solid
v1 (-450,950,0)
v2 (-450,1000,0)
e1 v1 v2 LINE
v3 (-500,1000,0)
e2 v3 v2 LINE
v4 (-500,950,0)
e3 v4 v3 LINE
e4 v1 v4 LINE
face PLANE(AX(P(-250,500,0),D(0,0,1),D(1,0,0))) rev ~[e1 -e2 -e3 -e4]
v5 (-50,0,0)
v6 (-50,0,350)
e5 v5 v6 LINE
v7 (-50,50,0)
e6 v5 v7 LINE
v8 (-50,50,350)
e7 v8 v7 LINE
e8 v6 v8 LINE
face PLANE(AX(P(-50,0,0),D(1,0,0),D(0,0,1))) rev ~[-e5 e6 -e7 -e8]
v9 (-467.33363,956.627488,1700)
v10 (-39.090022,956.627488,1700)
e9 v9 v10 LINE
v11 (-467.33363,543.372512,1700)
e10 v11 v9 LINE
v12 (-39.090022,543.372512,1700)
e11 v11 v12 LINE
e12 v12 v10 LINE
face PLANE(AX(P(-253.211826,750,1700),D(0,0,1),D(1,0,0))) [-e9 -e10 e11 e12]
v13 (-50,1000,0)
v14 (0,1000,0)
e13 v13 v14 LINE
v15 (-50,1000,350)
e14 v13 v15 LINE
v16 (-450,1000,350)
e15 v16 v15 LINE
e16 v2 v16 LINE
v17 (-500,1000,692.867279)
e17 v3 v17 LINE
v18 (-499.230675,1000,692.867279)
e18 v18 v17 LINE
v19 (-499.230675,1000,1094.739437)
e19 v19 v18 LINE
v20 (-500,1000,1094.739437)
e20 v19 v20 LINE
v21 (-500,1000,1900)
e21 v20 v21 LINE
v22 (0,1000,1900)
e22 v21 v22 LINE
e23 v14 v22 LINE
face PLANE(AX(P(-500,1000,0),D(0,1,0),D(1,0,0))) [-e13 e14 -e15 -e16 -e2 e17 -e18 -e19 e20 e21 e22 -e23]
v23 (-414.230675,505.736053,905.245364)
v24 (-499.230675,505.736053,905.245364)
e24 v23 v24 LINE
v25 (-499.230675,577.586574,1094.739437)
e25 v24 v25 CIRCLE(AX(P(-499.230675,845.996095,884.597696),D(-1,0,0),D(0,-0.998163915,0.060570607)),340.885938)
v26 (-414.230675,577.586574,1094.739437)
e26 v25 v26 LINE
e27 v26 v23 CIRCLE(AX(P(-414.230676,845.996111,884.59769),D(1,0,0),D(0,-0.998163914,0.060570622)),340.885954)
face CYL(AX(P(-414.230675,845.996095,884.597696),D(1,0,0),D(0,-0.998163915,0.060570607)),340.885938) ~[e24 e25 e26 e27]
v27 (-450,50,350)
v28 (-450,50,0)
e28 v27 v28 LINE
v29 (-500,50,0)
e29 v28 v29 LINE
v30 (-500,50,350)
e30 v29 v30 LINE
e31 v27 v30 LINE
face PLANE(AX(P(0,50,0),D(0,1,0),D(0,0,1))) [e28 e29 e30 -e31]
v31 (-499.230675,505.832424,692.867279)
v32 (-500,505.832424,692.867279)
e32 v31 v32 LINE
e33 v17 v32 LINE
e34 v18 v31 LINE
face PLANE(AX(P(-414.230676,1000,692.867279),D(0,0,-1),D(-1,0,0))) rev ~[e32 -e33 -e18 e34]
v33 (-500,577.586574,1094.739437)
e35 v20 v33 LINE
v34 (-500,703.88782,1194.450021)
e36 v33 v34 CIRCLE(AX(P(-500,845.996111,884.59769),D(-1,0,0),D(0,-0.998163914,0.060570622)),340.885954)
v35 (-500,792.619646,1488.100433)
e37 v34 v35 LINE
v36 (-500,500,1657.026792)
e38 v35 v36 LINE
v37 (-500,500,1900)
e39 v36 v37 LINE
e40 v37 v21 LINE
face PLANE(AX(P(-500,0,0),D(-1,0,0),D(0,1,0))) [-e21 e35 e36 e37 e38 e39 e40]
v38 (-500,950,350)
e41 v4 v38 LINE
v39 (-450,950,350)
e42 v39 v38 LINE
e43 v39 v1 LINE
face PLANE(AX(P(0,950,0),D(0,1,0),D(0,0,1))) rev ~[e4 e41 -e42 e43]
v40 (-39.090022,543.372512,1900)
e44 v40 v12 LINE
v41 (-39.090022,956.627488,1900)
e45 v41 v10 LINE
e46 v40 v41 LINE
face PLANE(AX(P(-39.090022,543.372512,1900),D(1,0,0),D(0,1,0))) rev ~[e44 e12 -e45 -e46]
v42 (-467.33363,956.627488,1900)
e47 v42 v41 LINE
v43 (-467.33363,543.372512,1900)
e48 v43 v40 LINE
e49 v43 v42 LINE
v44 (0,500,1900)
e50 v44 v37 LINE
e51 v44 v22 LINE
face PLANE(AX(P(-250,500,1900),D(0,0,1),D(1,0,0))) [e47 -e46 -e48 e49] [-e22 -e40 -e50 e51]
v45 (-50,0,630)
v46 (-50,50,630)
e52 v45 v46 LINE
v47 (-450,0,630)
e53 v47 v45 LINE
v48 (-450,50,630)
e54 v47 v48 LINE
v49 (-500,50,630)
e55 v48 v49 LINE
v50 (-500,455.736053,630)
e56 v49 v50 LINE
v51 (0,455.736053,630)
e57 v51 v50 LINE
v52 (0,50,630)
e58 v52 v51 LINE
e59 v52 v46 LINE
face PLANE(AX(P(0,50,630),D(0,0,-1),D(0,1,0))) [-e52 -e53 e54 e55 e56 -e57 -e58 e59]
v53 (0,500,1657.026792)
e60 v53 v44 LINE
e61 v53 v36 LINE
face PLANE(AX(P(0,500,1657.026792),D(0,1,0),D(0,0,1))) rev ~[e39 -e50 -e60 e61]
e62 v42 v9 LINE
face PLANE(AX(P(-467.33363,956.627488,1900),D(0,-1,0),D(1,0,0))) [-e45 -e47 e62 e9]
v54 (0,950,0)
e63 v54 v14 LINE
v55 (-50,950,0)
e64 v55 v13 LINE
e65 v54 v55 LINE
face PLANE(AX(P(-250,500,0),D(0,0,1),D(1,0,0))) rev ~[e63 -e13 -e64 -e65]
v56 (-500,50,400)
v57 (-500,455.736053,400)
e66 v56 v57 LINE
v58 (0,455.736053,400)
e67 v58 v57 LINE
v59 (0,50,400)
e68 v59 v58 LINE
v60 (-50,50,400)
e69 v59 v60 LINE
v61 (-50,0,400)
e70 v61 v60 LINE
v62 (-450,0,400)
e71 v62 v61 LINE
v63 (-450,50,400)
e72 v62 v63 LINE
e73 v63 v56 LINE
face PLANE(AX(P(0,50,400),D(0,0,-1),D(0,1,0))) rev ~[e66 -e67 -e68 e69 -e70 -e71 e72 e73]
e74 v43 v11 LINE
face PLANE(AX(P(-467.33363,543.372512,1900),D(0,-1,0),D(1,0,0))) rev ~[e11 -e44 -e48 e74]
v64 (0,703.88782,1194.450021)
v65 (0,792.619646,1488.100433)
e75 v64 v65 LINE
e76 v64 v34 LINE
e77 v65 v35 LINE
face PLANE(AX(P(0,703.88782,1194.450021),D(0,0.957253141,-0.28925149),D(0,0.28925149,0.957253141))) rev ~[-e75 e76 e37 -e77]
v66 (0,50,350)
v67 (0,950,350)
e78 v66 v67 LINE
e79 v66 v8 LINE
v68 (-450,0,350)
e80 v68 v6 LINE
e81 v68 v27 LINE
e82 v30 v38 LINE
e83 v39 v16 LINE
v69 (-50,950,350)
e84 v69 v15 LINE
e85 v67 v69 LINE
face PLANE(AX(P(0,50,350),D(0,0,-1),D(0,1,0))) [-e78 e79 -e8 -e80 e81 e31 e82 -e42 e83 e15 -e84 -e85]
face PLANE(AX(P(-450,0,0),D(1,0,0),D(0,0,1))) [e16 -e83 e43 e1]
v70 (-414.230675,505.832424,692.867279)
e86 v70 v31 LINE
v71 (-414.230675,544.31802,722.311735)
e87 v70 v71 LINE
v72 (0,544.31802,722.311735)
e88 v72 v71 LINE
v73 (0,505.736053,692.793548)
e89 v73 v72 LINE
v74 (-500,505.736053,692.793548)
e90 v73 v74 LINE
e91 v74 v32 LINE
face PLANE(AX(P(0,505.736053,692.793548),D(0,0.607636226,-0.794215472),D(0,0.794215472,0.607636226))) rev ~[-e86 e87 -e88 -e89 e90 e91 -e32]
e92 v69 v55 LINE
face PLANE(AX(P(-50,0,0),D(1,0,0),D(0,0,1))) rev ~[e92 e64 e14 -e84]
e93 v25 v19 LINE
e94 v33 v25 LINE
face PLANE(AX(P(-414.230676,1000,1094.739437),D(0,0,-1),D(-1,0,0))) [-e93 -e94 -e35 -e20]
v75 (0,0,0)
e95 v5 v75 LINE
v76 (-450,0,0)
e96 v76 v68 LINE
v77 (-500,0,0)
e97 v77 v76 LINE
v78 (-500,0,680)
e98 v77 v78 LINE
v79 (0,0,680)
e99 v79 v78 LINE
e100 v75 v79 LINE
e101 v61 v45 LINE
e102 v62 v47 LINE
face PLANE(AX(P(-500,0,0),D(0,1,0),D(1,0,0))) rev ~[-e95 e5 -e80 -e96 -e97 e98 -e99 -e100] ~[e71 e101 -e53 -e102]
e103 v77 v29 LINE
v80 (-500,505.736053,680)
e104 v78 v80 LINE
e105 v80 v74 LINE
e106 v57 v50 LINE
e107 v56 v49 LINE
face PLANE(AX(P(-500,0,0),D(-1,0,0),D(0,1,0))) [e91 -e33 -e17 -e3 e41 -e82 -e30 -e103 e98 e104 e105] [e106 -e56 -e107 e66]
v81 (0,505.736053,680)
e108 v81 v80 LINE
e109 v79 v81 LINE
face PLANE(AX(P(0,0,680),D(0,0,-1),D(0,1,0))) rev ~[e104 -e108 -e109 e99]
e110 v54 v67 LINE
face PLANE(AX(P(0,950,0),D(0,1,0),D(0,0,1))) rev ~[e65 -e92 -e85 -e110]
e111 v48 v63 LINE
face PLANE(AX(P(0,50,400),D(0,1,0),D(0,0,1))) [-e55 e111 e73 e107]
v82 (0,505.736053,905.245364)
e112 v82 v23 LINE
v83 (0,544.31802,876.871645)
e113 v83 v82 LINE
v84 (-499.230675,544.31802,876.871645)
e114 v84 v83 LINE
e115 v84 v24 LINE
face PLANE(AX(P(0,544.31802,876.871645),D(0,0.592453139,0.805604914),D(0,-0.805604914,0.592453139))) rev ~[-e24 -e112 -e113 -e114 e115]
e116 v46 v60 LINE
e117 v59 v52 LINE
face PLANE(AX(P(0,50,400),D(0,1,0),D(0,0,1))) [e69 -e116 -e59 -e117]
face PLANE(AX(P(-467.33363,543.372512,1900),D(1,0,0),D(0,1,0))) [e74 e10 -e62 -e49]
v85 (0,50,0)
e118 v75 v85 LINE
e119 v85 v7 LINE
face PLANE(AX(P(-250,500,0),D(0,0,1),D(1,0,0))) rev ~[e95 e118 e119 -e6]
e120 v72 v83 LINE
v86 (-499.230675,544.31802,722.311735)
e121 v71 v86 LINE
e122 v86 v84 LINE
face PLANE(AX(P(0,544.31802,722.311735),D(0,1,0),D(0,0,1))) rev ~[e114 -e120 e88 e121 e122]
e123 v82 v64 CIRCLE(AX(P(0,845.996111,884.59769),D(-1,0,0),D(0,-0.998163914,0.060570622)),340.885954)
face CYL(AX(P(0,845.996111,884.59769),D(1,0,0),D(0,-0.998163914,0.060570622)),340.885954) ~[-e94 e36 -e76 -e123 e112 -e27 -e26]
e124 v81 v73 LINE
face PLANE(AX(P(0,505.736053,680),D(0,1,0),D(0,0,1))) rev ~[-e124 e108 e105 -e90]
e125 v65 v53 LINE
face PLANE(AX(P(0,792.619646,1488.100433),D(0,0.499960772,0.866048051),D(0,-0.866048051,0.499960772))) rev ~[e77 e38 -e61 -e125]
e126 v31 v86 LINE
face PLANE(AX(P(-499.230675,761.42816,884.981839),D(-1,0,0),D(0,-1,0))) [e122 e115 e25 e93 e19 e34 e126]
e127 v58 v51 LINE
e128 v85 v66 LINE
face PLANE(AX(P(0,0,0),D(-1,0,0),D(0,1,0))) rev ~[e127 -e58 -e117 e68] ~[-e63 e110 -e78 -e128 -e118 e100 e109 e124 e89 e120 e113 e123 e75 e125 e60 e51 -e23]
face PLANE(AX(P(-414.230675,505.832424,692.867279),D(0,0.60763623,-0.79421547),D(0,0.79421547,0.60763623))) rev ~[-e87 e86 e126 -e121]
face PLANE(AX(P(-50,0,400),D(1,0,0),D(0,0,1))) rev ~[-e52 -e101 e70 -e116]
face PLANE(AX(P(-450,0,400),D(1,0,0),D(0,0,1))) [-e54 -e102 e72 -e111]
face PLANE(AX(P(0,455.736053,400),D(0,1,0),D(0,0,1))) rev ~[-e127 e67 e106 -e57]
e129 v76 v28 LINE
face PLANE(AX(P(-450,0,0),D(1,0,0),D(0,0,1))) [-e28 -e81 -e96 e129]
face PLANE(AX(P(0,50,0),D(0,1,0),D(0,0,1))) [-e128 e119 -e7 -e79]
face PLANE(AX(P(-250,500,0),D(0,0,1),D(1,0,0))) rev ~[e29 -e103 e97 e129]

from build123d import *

# Parameters (mm, degrees)
F0_W      = 500
F0_H      = 1000
F1_DEPTH  = 1900
F2_W      = 900
F2_H      = 350
F3_DEPTH  = 500
F4_W      = 400
F4_H      = 350
F5_DEPTH  = 1000
F6_W      = 405.736053
F6_H      = 230
F7_DEPTH  = 500
F8_DEPTH  = 500
F9_W      = 428.243608
F9_H      = 413.254976
F10_DEPTH = 200
F11_W     = 85.769325
F11_H     = 401.872158
F12_DEPTH = 500
F13_W     = 400
F13_H     = 230
F14_DEPTH = 50
F15_DEPTH = 85


with BuildPart() as f1:
    # F0 (on Top) → F1 (new body)
    with BuildSketch(Plane.XY):
        with Locations((-250, 500)):
            Rectangle(F0_W, F0_H)
    extrude(amount=F1_DEPTH)

    # F2 (on face) → F3 (cut)
    with BuildSketch(Plane.YZ):
        with Locations((500, 175)):
            Rectangle(F2_W, F2_H)
    extrude(amount=-F3_DEPTH, mode=Mode.SUBTRACT)

    # F4 (on face) → F5 (cut)
    with BuildSketch(Plane.XZ):
        with Locations((-250, 175)):
            Rectangle(F4_W, F4_H)
    extrude(amount=-F5_DEPTH, mode=Mode.SUBTRACT)

    # F6 (on face) → F7 (cut)
    with BuildSketch(Plane.YZ):
        with Locations((252.868026, 515)):
            Rectangle(F6_W, F6_H)
    extrude(amount=-F7_DEPTH, mode=Mode.SUBTRACT)

    # F6 (on face) → F8 (cut)
    with BuildSketch(Plane.YZ):
        with BuildLine():
            Line((500, 1657.026792), (500, 1900))
            Line((500, 1900), (0, 1900))
            Line((0, 1900), (0, 680))
            Line((0, 680), (50, 680))
            Line((50, 680), (455.736053, 680))
            Line((455.736053, 680), (505.736053, 680))
            Line((505.736053, 680), (505.736053, 692.793548))
            Line((505.736053, 692.793548), (544.31802, 722.311735))
            Line((544.31802, 722.311735), (544.31802, 876.871645))
            Line((544.31802, 876.871645), (505.736053, 905.245364))
            ThreePointArc((505.736053, 905.245364), (564.785088, 1077.27253), (703.88782, 1194.450021))
            Line((703.88782, 1194.450021), (792.619646, 1488.100433))
            Line((792.619646, 1488.100433), (500, 1657.026792))
        make_face()
    extrude(amount=-F8_DEPTH, mode=Mode.SUBTRACT)

    # F9 (on face) → F10 (cut)
    with BuildSketch(Plane.XY.offset(1900)):
        with Locations((-253.211826, 750)):
            Rectangle(F9_W, F9_H)
    extrude(amount=-F10_DEPTH, mode=Mode.SUBTRACT)

    # F11 (on face) → F12 (cut)
    with BuildSketch(Plane(origin=(0, 1000, 0), x_dir=(-1, 0, 0), z_dir=(0, 1, 0))):
        with Locations((457.115338, 893.803358)):
            Rectangle(F11_W, F11_H)
    extrude(amount=-F12_DEPTH, mode=Mode.SUBTRACT)

    # F13 (on face) → F14 (cut)
    with BuildSketch(Plane.XZ):
        with Locations((-250, 515)):
            Rectangle(F13_W, F13_H)
    extrude(amount=-F14_DEPTH, mode=Mode.SUBTRACT)

    # F12_face (on face) → F15 (join)
    with BuildSketch(Plane(origin=(-414.230675, 767.243571, 893.578105), x_dir=(0, -1, 0), z_dir=(-1, 0, 0))):
        with BuildLine():
            Line((-232.756429, 201.161332), (-232.756429, -200.710826))
            Line((-232.756429, -200.710826), (261.411147, -200.710826))
            Line((261.411147, -200.710826), (222.925551, -171.26637))
            Line((222.925551, -171.26637), (222.925551, -16.70646))
            Line((222.925551, -16.70646), (261.507518, 11.667259))
            ThreePointArc((261.507518, 11.667259), (239.989786, 111.877202), (189.656997, 201.161332))
            Line((189.656997, 201.161332), (-232.756429, 201.161332))
        make_face()
    extrude(amount=F15_DEPTH)


solid = f1.part
